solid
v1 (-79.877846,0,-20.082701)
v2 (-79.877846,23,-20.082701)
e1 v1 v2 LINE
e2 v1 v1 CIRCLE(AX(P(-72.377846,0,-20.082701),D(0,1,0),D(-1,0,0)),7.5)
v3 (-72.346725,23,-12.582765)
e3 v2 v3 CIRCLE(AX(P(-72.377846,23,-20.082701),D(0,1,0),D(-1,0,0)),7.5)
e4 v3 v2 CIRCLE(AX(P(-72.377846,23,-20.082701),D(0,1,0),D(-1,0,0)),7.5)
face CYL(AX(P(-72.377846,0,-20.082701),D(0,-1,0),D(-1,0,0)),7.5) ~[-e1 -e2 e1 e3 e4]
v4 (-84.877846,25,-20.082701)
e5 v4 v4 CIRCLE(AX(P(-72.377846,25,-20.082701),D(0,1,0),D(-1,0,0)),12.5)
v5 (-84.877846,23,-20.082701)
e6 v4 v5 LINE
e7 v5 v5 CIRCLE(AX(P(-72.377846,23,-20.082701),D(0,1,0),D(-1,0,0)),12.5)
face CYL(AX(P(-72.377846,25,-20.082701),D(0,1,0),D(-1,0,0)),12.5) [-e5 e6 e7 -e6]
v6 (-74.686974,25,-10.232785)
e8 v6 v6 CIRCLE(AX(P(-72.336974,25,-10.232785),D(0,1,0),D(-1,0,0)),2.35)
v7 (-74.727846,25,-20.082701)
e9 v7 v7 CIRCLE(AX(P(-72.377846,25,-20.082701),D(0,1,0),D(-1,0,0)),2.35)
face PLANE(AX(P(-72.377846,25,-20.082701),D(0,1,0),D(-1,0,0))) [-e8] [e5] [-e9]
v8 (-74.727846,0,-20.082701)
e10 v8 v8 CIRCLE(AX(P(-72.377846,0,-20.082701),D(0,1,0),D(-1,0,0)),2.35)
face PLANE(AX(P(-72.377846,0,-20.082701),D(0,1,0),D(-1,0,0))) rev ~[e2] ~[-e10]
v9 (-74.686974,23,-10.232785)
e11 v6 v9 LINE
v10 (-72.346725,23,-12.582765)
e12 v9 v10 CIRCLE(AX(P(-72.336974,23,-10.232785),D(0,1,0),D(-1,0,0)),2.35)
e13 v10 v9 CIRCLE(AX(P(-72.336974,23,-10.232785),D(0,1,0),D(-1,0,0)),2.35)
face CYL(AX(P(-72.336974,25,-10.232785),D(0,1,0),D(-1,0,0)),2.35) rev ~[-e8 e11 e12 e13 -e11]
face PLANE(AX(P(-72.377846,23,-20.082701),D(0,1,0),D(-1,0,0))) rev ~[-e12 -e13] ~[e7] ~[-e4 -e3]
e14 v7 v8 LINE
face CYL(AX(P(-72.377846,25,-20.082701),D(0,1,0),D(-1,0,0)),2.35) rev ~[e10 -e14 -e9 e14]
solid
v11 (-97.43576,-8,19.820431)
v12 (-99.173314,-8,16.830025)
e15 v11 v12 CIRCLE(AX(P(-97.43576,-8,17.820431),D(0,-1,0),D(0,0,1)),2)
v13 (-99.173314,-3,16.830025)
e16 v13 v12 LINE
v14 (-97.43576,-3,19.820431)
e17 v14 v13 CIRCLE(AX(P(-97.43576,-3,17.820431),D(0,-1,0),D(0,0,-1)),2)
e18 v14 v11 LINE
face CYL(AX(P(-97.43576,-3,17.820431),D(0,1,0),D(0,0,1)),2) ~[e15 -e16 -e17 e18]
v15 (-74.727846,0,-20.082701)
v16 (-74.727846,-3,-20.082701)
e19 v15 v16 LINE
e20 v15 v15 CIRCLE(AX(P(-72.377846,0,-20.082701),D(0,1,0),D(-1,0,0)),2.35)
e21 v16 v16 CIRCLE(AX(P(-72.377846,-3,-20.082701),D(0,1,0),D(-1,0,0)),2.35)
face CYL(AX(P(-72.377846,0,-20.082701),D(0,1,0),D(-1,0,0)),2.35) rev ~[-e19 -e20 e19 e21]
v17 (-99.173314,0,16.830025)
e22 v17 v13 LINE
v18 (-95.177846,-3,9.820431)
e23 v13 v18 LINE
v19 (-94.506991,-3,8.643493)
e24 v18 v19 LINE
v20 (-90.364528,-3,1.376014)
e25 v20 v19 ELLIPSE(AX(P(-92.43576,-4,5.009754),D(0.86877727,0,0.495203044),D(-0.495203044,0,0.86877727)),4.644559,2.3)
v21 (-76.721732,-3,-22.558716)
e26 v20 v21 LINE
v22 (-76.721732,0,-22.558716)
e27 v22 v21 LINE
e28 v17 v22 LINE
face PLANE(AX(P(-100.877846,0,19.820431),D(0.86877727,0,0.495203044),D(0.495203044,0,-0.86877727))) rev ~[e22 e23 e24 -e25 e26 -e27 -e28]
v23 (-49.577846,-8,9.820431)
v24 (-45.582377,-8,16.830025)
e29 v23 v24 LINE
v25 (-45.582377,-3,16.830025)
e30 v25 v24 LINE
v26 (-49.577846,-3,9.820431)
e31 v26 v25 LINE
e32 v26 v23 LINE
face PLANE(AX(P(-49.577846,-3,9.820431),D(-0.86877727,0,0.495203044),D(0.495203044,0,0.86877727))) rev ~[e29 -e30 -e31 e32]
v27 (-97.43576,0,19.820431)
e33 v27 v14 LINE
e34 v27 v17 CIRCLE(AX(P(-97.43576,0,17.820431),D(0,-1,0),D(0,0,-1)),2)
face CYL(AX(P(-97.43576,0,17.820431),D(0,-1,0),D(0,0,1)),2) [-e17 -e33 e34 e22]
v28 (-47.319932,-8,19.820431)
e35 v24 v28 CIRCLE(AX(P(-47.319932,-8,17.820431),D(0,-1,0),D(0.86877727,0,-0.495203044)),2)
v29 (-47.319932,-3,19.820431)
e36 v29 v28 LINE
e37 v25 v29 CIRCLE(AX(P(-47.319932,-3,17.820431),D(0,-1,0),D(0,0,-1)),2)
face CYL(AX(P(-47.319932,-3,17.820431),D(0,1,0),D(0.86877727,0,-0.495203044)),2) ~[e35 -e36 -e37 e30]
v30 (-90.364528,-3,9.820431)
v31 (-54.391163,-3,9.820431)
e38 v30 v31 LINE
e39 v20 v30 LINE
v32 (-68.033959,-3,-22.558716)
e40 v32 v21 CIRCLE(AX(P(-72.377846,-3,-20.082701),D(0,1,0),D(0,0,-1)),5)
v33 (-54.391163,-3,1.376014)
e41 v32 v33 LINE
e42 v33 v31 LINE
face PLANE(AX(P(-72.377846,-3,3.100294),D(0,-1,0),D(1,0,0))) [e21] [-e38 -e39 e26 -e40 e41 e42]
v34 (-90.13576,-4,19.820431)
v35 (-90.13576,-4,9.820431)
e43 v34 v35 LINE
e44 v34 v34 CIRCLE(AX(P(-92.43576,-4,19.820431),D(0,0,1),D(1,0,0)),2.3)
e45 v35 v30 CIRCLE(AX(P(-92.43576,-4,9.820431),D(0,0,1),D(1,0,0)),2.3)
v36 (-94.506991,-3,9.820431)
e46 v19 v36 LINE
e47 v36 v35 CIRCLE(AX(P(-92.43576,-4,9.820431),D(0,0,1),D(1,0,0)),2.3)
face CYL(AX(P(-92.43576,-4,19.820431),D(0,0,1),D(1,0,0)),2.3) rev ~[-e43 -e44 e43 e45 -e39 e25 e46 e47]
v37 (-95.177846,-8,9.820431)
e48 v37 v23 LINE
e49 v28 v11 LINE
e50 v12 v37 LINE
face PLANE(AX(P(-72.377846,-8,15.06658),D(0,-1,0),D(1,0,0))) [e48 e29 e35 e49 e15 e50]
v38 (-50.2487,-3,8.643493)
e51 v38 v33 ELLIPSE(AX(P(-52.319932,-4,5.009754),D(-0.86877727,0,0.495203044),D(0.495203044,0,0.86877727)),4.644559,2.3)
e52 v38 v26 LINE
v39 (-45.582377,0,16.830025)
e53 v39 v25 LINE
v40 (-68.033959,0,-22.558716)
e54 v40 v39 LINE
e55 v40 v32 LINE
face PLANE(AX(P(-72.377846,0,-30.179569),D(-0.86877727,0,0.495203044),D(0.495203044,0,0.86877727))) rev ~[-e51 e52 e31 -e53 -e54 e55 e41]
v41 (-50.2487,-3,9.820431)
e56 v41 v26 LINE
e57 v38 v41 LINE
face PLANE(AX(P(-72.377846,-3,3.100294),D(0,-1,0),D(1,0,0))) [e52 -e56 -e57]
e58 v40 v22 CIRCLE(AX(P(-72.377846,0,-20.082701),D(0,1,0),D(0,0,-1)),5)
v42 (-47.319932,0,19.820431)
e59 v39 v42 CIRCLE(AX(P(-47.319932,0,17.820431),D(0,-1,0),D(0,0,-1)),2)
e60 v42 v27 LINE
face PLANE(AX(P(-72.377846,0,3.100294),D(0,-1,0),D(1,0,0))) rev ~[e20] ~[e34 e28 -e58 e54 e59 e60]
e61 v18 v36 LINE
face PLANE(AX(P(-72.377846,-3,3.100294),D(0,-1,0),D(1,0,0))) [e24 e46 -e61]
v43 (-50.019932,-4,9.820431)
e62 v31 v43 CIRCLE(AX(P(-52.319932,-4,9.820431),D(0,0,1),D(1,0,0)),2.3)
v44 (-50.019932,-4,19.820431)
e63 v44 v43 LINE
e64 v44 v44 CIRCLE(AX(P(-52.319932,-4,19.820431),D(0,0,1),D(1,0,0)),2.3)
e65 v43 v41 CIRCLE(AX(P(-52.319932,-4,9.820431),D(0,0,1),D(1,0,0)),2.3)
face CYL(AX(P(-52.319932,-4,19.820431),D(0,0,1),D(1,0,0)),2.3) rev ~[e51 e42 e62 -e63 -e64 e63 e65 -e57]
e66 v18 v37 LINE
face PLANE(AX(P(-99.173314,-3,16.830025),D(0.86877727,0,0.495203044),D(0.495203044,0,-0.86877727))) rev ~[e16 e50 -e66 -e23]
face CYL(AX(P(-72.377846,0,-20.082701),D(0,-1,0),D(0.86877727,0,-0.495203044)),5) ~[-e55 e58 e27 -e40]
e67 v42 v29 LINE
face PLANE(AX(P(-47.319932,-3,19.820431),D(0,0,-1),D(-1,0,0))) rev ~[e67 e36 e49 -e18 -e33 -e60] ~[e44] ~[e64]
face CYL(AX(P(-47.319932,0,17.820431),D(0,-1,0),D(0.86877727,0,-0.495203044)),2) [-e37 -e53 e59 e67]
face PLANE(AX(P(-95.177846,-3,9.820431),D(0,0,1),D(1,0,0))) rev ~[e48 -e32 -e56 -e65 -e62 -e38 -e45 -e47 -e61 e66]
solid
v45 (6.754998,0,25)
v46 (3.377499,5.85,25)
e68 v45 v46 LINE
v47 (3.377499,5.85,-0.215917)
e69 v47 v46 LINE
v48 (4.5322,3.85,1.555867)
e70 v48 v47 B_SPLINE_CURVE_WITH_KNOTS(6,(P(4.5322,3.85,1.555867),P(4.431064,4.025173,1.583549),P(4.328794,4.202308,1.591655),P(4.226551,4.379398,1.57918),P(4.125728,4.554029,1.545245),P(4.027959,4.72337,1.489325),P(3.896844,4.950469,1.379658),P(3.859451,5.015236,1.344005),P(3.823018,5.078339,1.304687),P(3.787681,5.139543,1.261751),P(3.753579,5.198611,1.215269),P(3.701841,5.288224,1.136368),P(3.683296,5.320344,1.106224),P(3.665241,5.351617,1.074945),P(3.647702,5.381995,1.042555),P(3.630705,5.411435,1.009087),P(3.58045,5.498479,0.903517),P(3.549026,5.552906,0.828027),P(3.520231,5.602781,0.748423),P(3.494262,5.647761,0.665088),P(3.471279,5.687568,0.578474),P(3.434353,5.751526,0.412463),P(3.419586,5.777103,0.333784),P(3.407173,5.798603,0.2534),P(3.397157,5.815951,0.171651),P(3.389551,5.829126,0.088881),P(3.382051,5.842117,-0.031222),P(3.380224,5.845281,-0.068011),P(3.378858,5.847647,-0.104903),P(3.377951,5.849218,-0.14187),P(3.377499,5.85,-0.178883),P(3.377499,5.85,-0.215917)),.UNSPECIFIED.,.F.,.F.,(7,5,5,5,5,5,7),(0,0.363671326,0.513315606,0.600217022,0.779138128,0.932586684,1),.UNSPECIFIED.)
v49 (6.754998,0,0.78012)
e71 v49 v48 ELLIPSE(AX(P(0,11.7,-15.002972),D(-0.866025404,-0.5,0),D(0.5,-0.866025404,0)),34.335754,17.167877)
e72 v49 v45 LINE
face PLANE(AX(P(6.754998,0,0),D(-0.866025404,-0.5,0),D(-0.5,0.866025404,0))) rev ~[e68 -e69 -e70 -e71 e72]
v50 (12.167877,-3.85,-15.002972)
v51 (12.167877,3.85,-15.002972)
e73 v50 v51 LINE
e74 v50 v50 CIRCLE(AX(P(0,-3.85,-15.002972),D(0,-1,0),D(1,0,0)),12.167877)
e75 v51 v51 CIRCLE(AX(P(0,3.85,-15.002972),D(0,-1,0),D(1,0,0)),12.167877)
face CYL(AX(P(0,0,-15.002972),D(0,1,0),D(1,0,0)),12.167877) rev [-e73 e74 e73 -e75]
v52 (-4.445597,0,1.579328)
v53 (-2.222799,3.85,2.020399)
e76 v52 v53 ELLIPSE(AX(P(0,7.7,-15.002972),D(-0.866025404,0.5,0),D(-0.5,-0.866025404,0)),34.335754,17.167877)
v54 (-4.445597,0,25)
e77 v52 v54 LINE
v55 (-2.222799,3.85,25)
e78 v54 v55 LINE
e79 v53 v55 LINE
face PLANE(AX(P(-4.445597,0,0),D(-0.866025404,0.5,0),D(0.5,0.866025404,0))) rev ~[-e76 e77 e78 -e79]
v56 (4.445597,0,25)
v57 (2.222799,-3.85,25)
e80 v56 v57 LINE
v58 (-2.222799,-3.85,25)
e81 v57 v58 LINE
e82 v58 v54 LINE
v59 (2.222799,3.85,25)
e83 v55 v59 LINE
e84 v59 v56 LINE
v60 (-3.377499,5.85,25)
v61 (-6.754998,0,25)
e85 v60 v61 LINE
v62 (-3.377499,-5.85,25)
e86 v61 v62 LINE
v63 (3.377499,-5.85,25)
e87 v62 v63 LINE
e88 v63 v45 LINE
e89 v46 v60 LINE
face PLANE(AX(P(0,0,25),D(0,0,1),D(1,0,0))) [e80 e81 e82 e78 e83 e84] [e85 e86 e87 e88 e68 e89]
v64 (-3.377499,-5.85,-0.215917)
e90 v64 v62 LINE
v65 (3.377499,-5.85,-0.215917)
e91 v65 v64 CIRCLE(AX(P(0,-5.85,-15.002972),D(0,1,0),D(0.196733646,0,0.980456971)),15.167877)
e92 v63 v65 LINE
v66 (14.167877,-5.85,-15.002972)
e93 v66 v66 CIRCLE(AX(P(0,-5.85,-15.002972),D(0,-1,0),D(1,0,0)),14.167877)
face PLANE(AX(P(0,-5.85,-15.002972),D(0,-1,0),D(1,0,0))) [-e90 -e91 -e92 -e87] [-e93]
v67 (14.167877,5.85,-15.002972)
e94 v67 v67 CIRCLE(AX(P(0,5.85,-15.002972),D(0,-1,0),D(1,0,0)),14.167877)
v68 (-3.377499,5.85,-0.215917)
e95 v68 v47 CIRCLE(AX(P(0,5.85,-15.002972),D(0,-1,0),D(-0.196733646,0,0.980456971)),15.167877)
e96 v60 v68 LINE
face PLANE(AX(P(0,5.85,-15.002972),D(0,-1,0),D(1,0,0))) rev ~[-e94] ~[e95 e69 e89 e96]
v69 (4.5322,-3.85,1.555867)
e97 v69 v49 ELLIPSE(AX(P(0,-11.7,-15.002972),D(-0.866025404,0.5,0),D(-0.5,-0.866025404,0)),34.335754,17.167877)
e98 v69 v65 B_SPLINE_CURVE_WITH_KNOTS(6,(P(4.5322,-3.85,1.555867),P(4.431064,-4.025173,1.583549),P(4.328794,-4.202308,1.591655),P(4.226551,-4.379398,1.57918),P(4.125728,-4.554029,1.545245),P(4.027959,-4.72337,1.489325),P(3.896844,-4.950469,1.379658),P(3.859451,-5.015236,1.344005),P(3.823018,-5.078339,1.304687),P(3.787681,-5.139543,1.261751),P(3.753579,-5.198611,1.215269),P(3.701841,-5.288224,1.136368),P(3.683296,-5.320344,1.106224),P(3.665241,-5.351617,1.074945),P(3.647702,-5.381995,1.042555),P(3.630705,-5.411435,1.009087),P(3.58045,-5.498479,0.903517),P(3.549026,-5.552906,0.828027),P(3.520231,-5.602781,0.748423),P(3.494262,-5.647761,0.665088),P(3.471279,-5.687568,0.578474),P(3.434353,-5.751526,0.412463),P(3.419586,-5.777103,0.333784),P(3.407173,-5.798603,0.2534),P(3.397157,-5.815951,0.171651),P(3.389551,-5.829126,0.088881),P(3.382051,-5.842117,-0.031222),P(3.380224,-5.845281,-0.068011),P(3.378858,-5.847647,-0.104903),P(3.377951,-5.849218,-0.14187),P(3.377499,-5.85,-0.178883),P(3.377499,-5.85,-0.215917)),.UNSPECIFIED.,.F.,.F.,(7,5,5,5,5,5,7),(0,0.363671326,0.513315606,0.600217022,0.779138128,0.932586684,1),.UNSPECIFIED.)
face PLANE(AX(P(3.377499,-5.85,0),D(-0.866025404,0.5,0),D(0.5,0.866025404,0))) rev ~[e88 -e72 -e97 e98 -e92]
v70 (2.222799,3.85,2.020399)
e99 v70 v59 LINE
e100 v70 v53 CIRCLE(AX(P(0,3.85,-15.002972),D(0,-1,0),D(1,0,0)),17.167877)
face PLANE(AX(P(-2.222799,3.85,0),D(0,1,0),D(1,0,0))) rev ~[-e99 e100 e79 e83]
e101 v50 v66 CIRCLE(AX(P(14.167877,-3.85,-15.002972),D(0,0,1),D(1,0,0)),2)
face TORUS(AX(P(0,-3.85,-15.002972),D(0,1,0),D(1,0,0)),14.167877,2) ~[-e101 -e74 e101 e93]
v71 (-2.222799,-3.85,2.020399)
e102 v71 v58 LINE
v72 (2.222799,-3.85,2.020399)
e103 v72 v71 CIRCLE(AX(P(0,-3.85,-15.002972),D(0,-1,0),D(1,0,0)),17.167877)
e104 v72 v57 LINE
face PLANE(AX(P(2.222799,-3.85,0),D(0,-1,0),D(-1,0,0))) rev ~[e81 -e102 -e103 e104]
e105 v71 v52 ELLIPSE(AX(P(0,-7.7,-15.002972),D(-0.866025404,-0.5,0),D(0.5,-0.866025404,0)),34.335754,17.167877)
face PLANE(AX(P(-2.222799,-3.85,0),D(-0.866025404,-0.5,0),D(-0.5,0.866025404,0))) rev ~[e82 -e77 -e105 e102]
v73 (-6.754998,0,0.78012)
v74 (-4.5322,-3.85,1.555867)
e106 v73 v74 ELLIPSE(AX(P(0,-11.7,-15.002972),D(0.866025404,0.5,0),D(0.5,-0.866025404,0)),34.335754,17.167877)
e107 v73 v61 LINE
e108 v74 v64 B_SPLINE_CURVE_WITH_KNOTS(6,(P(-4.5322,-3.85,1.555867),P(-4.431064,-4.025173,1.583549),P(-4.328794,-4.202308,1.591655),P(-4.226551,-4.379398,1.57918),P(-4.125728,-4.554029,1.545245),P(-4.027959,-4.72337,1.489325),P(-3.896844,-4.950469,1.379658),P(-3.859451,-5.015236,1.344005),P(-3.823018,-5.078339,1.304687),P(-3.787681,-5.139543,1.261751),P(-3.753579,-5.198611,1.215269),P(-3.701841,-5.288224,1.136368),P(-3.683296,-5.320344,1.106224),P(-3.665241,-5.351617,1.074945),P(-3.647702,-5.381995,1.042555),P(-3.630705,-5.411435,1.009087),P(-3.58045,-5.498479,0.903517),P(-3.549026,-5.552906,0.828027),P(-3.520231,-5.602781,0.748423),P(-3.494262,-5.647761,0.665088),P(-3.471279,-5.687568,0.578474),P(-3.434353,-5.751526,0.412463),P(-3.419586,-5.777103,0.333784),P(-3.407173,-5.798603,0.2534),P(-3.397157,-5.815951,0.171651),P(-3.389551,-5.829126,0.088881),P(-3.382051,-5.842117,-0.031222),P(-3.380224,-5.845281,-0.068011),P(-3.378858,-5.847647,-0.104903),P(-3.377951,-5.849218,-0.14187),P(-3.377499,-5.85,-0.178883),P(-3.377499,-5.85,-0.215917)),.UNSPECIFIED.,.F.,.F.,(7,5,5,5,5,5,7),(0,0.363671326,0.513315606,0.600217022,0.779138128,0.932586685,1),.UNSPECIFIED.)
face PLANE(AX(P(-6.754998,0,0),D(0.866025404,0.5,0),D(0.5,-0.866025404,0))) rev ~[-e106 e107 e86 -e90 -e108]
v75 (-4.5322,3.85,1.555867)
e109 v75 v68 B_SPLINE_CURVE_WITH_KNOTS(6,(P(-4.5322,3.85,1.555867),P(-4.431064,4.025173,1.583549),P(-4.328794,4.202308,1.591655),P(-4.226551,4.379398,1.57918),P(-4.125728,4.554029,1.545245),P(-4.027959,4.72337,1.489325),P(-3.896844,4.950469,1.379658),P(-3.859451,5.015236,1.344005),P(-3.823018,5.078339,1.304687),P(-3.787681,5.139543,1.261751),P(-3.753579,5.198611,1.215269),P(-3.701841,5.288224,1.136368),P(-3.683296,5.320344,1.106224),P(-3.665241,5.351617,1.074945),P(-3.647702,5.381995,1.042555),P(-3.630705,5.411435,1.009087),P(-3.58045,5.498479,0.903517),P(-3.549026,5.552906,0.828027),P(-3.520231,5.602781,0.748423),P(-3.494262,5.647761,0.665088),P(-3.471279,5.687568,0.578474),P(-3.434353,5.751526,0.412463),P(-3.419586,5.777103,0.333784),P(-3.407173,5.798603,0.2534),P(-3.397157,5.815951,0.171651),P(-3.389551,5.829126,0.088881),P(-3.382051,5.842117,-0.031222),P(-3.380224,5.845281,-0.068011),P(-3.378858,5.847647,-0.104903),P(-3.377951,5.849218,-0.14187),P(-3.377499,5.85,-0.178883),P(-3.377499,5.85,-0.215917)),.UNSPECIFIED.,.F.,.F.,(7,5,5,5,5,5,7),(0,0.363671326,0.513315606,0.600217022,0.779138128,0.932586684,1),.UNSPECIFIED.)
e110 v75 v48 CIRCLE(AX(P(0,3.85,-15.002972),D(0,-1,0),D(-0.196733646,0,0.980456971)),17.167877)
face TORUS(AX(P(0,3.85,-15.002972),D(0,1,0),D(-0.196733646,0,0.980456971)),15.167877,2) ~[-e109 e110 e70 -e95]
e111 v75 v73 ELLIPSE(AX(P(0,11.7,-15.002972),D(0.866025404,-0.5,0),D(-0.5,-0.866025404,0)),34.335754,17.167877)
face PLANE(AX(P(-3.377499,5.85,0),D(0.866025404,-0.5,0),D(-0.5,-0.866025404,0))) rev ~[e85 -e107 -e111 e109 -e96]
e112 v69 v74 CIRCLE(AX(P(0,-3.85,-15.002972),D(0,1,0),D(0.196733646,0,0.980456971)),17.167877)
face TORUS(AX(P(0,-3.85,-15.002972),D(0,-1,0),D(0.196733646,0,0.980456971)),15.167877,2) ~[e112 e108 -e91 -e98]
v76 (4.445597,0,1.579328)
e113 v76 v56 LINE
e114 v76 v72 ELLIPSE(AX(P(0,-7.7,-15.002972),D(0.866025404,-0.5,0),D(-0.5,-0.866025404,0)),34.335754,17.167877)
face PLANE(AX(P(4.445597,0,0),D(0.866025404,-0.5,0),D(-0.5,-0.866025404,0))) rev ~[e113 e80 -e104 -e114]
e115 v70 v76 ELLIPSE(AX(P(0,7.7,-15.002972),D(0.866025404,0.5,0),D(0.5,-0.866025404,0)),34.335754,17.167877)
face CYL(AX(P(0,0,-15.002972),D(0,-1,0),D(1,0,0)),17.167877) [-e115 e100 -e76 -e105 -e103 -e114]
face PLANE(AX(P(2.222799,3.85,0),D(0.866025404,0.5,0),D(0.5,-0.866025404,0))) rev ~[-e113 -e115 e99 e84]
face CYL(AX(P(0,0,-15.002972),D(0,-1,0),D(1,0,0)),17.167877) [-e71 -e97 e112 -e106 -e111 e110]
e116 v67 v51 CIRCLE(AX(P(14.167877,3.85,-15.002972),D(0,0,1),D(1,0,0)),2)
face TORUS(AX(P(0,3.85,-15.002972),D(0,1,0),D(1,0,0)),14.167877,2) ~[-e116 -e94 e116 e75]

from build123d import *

# Parameters (mm, degrees)
F1_DEPTH  = 25
F2_R      = 17.1678772175
F2_R_2    = 12.1678772175
F3_DEPTH  = 5.85
F4_R      = 2
F6_DEPTH  = 3
F7_R      = 5
F8_R      = 2
F10_DEPTH = 5
F12_R     = 2.3
F13_DEPTH = 25
F14_R     = 2.35
F15_DEPTH = 8.001
F16_R     = 7.5
F17_DEPTH = 25
F18_R     = 12.5
F18_R_2   = 7.5
F19_DEPTH = 2
F20_R     = 2.35
F21_DEPTH = 33.001
F22_R     = 2.35
F23_DEPTH = 2


with BuildPart() as f1:
    # F0 (on Top) → F1 (new body)
    with BuildSketch(Plane.XY):
        Polygon((3.3774990748, 5.85), (-3.3774990748, 5.85), (-6.7549981495, 0), (-3.3774990748, -5.85), (3.3774990748, -5.85), (6.7549981495, 0), align=None)
        Polygon((-4.4455970728, 0), (-2.2227985364, 3.85), (2.2227985364, 3.85), (4.4455970728, 0), (2.2227985364, -3.85), (-2.2227985364, -3.85), align=None, mode=Mode.SUBTRACT)
    extrude(amount=F1_DEPTH)

    # F2 (on Front) → F3 (join, symmetric)
    with BuildSketch(Plane.XZ):
        with Locations((0, -15.0029723165)):
            Circle(F2_R)
        with Locations((0, -15.0029723165)):
            Circle(F2_R_2, mode=Mode.SUBTRACT)
    extrude(amount=F3_DEPTH, both=True)

    # F4
    f4_edges = [f1.edges().sort_by_distance(p)[0] for p in [
        (-12.167877, -5.85, -15.002972),
        (-12.167877, 5.85, -15.002972),
        (0, 5.85, -32.17085),
        (0, -5.85, -32.17085),
    ]]
    fillet(f4_edges, radius=F4_R)


with BuildPart() as f6:
    # F5 (on Front) → F6 (new body)
    with BuildSketch(Plane.XZ):
        Polygon((-72.377845645, -30.1795691463), (-43.877845645, 19.8204308537), (-100.877845645, 19.8204308537), align=None)
    extrude(amount=F6_DEPTH)

    # F7
    f7_edges = [f6.edges().sort_by_distance(p)[0] for p in [
        (-72.377846, -1.5, -30.179569),
    ]]
    fillet(f7_edges, radius=F7_R)

    # F8
    f8_edges = [f6.edges().sort_by_distance(p)[0] for p in [
        (-43.877846, -1.5, 19.820431),
        (-100.877846, -1.5, 19.820431),
    ]]
    fillet(f8_edges, radius=F8_R)

    # F9 (on face) → F10 (join)
    with BuildSketch(Plane.XZ.offset(3)):
        with BuildLine():
            ThreePointArc((-45.5823771151, 16.8300247656), (-45.5906525895, 18.8252163591), (-47.3199316555, 19.8204308537))
            Line((-47.3199316555, 19.8204308537), (-97.4357596344, 19.8204308537))
            ThreePointArc((-97.4357596344, 19.8204308537), (-99.1650387004, 18.8252163591), (-99.1733141748, 16.8300247656))
            Line((-99.1733141748, 16.8300247656), (-95.177845645, 9.8204308537))
            Line((-95.177845645, 9.8204308537), (-49.577845645, 9.8204308537))
            Line((-49.577845645, 9.8204308537), (-45.5823771151, 16.8300247656))
        make_face()
    extrude(amount=F10_DEPTH)

    # F12 (on face) → F13 (cut)
    with BuildSketch(Plane.XY.offset(19.8204308537)):
        with Locations((-92.4357596344, -4)):
            Circle(F12_R)
        with Locations((-52.3199316555, -4)):
            Circle(F12_R)
    extrude(amount=-F13_DEPTH, mode=Mode.SUBTRACT)

    # F14 (on face) → F15 (cut, through all)
    with BuildSketch(Plane(origin=(0, 0, 0), x_dir=(-1, 0, 0), z_dir=(0, 1, 0))):
        with Locations((72.377845645, -20.082700679)):
            Circle(F14_R)
    extrude(amount=-F15_DEPTH, mode=Mode.SUBTRACT)


with BuildPart() as f17:
    # F16 (on face) → F17 (new body)
    with BuildSketch(Plane(origin=(0, 0, 0), x_dir=(-1, 0, 0), z_dir=(0, 1, 0))):
        with Locations((72.377845645, -20.082700679)):
            Circle(F16_R)
    extrude(amount=F17_DEPTH)

    # F18 (on face) → F19 (join)
    with BuildSketch(Plane(origin=(0, 25, 0), x_dir=(-1, 0, 0), z_dir=(0, 1, 0))):
        with Locations((72.377845645, -20.082700679)):
            Circle(F18_R)
        with Locations((72.377845645, -20.082700679)):
            Circle(F18_R_2, mode=Mode.SUBTRACT)
    extrude(amount=-F19_DEPTH)

    # F20 (on face) → F21 (cut, through all)
    with BuildSketch(Plane(origin=(0, 25, 0), x_dir=(-1, 0, 0), z_dir=(0, 1, 0))):
        with Locations((72.377845645, -20.082700679)):
            Circle(F20_R)
    extrude(amount=-F21_DEPTH, mode=Mode.SUBTRACT)

    # F22 (on face) → F23 (cut, through all)
    with BuildSketch(Plane(origin=(0, 25, 0), x_dir=(-1, 0, 0), z_dir=(0, 1, 0))):
        with Locations((72.3369743648, -10.2327854743)):
            Circle(F22_R)
    extrude(amount=-F23_DEPTH, mode=Mode.SUBTRACT)


solid = Compound([f1.part, f6.part, f17.part])
